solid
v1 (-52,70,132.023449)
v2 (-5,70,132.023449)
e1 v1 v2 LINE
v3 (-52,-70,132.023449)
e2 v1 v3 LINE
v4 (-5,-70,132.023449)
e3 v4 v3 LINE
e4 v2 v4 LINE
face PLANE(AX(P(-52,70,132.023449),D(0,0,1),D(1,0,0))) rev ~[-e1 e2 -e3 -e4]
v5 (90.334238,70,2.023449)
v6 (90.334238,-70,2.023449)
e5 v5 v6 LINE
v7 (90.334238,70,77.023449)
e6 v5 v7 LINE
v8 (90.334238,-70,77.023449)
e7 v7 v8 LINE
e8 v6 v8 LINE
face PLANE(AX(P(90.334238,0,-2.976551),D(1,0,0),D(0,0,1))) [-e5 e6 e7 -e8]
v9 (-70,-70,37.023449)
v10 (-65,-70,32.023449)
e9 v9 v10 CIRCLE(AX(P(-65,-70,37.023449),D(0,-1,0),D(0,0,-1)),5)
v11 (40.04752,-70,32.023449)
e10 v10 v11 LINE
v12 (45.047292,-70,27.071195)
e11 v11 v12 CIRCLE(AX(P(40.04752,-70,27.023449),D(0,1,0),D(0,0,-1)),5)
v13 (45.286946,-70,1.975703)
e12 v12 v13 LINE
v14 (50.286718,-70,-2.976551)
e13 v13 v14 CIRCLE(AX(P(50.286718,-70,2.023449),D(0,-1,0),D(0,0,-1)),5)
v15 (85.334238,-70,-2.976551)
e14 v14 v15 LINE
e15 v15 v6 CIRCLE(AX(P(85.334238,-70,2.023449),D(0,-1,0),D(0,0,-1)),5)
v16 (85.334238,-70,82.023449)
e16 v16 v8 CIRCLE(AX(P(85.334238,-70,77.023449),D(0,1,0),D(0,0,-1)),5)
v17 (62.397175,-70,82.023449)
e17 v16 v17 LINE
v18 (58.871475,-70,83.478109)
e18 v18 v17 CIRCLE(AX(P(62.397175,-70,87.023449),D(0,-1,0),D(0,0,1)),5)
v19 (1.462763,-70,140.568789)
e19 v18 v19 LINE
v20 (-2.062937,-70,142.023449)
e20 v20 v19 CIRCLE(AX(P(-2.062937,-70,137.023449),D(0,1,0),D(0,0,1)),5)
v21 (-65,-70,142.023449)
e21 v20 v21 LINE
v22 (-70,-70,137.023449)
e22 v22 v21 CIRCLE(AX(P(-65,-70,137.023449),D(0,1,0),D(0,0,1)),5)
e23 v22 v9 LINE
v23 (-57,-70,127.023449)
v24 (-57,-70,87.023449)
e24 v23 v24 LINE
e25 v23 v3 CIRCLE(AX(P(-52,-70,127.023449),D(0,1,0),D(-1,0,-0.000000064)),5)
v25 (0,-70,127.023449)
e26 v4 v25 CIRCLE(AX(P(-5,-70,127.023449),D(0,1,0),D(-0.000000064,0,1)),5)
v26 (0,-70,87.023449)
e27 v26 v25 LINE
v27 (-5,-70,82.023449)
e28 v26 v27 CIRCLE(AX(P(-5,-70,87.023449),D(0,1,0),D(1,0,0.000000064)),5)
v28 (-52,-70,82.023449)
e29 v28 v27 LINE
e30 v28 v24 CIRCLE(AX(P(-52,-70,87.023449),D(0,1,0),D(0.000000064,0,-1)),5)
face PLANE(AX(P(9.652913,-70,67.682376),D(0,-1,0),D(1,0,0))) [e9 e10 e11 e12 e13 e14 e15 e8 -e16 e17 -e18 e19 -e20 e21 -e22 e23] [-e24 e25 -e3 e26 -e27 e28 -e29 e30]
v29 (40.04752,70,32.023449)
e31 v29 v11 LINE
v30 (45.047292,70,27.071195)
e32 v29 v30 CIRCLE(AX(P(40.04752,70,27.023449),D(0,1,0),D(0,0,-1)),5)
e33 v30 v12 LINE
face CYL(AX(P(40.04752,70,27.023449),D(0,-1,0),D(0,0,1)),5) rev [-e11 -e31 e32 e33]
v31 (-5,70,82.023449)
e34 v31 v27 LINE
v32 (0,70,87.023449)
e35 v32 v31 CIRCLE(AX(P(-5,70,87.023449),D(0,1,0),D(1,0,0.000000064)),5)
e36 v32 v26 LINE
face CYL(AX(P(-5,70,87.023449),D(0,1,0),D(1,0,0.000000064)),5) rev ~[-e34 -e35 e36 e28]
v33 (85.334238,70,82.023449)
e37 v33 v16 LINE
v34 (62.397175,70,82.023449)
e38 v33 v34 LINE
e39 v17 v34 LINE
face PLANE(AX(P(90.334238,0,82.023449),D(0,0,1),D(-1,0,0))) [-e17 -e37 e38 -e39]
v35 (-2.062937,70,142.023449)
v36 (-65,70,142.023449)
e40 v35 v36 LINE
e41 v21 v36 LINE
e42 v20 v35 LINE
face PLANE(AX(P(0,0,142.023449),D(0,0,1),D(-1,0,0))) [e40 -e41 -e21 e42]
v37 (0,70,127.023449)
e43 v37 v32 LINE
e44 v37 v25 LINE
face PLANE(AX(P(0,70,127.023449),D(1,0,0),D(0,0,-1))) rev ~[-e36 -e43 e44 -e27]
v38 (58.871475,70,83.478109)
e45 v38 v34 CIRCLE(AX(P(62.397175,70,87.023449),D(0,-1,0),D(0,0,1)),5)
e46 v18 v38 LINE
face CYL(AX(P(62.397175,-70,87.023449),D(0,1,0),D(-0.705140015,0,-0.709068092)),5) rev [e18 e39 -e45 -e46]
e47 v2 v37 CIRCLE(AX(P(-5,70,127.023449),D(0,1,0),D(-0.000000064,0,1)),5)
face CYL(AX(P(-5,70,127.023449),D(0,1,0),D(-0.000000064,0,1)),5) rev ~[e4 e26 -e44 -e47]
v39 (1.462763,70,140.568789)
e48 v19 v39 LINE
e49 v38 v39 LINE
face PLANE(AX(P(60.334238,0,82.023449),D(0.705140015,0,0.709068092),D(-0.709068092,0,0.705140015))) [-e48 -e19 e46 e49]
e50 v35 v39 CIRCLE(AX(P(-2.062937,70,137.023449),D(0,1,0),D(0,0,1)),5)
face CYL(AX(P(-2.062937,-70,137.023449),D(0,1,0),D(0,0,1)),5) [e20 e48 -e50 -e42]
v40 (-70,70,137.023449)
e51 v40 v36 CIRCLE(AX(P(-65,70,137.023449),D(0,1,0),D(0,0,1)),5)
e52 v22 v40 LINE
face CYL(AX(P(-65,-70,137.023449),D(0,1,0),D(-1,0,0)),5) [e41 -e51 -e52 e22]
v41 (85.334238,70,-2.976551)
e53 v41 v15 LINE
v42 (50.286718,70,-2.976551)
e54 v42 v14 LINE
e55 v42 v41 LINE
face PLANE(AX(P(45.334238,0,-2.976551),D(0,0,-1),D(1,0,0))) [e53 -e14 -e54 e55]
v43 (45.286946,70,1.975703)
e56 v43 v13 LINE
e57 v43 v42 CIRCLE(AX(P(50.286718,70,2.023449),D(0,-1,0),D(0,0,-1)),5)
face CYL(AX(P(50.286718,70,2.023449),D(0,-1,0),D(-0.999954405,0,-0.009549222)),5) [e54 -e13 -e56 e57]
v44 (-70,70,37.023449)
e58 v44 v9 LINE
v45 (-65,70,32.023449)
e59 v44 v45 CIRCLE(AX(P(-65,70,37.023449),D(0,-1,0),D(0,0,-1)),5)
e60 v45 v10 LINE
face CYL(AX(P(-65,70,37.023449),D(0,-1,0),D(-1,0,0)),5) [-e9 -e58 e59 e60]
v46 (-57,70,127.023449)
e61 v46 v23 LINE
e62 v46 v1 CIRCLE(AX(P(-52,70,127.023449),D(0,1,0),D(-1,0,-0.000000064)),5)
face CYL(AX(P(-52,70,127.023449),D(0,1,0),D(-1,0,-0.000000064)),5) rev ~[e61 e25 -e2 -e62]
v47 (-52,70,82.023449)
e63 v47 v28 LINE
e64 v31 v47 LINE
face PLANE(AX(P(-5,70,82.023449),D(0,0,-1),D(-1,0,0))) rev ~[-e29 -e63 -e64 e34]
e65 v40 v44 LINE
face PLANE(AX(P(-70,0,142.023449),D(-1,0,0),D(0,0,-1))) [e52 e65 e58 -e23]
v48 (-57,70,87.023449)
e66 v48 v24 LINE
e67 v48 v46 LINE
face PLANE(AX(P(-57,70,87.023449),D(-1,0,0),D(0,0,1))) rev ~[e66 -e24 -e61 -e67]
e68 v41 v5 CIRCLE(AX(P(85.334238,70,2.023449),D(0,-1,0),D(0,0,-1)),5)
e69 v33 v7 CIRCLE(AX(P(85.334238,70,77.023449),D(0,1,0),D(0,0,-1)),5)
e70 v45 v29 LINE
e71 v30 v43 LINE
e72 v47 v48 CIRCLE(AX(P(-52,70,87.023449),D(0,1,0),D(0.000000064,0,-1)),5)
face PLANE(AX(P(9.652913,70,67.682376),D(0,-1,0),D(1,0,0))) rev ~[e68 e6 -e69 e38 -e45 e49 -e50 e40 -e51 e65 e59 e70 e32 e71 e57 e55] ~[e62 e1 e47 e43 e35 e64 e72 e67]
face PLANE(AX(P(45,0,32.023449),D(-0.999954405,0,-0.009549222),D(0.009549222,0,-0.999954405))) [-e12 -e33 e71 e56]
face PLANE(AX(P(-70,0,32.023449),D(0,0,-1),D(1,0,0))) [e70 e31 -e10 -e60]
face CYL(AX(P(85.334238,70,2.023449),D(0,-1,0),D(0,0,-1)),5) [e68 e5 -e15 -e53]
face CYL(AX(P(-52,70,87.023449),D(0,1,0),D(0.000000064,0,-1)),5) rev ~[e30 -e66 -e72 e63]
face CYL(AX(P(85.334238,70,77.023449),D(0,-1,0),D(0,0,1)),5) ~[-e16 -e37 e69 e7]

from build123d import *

# Parameters (mm, degrees)
F1_DEPTH = 70
F3_DEPTH = 140.001
F4_R     = 5


with BuildPart() as f1:
    # F0 (on Front) → F1 (new body, symmetric)
    with BuildSketch(Plane.XZ):
        Polygon((-70, 142.023449), (-70, 32.023449), (45, 32.023449), (45.334238, -2.976551), (90.334238, -2.976551), (90.334238, 82.023449), (60.334238, 82.023449), (0, 142.023449), align=None)
    extrude(amount=F1_DEPTH, both=True)

    # F2 (on face) → F3 (cut, through all)
    with BuildSketch(Plane(origin=(0, 70, 0), x_dir=(-1, 0, 0), z_dir=(0, 1, 0))):
        with BuildLine():
            Line((52, 132.023449), (5, 132.023449))
            ThreePointArc((5, 132.023449), (1.464466, 130.558983), (0, 127.023449))
            Line((0, 127.023449), (0, 87.023449))
            ThreePointArc((0, 87.023449), (1.464466, 83.487915), (5, 82.023449))
            Line((5, 82.023449), (52, 82.023449))
            ThreePointArc((52, 82.023449), (55.535534, 83.487915), (57, 87.023449))
            Line((57, 87.023449), (57, 127.023449))
            ThreePointArc((57, 127.023449), (55.535534, 130.558983), (52, 132.023449))
        make_face()
    extrude(amount=-F3_DEPTH, mode=Mode.SUBTRACT)

    # F4
    f4_edges = [f1.edges().sort_by_distance(p)[0] for p in [
        (0, 0, 142.023449),
        (60.334238, 0, 82.023449),
        (90.334238, 0, 82.023449),
        (90.334238, 0, -2.976551),
        (45.334238, 0, -2.976551),
        (45, 0, 32.023449),
        (-70, 0, 32.023449),
        (-70, 0, 142.023449),
    ]]
    fillet(f4_edges, radius=F4_R)


solid = f1.part
